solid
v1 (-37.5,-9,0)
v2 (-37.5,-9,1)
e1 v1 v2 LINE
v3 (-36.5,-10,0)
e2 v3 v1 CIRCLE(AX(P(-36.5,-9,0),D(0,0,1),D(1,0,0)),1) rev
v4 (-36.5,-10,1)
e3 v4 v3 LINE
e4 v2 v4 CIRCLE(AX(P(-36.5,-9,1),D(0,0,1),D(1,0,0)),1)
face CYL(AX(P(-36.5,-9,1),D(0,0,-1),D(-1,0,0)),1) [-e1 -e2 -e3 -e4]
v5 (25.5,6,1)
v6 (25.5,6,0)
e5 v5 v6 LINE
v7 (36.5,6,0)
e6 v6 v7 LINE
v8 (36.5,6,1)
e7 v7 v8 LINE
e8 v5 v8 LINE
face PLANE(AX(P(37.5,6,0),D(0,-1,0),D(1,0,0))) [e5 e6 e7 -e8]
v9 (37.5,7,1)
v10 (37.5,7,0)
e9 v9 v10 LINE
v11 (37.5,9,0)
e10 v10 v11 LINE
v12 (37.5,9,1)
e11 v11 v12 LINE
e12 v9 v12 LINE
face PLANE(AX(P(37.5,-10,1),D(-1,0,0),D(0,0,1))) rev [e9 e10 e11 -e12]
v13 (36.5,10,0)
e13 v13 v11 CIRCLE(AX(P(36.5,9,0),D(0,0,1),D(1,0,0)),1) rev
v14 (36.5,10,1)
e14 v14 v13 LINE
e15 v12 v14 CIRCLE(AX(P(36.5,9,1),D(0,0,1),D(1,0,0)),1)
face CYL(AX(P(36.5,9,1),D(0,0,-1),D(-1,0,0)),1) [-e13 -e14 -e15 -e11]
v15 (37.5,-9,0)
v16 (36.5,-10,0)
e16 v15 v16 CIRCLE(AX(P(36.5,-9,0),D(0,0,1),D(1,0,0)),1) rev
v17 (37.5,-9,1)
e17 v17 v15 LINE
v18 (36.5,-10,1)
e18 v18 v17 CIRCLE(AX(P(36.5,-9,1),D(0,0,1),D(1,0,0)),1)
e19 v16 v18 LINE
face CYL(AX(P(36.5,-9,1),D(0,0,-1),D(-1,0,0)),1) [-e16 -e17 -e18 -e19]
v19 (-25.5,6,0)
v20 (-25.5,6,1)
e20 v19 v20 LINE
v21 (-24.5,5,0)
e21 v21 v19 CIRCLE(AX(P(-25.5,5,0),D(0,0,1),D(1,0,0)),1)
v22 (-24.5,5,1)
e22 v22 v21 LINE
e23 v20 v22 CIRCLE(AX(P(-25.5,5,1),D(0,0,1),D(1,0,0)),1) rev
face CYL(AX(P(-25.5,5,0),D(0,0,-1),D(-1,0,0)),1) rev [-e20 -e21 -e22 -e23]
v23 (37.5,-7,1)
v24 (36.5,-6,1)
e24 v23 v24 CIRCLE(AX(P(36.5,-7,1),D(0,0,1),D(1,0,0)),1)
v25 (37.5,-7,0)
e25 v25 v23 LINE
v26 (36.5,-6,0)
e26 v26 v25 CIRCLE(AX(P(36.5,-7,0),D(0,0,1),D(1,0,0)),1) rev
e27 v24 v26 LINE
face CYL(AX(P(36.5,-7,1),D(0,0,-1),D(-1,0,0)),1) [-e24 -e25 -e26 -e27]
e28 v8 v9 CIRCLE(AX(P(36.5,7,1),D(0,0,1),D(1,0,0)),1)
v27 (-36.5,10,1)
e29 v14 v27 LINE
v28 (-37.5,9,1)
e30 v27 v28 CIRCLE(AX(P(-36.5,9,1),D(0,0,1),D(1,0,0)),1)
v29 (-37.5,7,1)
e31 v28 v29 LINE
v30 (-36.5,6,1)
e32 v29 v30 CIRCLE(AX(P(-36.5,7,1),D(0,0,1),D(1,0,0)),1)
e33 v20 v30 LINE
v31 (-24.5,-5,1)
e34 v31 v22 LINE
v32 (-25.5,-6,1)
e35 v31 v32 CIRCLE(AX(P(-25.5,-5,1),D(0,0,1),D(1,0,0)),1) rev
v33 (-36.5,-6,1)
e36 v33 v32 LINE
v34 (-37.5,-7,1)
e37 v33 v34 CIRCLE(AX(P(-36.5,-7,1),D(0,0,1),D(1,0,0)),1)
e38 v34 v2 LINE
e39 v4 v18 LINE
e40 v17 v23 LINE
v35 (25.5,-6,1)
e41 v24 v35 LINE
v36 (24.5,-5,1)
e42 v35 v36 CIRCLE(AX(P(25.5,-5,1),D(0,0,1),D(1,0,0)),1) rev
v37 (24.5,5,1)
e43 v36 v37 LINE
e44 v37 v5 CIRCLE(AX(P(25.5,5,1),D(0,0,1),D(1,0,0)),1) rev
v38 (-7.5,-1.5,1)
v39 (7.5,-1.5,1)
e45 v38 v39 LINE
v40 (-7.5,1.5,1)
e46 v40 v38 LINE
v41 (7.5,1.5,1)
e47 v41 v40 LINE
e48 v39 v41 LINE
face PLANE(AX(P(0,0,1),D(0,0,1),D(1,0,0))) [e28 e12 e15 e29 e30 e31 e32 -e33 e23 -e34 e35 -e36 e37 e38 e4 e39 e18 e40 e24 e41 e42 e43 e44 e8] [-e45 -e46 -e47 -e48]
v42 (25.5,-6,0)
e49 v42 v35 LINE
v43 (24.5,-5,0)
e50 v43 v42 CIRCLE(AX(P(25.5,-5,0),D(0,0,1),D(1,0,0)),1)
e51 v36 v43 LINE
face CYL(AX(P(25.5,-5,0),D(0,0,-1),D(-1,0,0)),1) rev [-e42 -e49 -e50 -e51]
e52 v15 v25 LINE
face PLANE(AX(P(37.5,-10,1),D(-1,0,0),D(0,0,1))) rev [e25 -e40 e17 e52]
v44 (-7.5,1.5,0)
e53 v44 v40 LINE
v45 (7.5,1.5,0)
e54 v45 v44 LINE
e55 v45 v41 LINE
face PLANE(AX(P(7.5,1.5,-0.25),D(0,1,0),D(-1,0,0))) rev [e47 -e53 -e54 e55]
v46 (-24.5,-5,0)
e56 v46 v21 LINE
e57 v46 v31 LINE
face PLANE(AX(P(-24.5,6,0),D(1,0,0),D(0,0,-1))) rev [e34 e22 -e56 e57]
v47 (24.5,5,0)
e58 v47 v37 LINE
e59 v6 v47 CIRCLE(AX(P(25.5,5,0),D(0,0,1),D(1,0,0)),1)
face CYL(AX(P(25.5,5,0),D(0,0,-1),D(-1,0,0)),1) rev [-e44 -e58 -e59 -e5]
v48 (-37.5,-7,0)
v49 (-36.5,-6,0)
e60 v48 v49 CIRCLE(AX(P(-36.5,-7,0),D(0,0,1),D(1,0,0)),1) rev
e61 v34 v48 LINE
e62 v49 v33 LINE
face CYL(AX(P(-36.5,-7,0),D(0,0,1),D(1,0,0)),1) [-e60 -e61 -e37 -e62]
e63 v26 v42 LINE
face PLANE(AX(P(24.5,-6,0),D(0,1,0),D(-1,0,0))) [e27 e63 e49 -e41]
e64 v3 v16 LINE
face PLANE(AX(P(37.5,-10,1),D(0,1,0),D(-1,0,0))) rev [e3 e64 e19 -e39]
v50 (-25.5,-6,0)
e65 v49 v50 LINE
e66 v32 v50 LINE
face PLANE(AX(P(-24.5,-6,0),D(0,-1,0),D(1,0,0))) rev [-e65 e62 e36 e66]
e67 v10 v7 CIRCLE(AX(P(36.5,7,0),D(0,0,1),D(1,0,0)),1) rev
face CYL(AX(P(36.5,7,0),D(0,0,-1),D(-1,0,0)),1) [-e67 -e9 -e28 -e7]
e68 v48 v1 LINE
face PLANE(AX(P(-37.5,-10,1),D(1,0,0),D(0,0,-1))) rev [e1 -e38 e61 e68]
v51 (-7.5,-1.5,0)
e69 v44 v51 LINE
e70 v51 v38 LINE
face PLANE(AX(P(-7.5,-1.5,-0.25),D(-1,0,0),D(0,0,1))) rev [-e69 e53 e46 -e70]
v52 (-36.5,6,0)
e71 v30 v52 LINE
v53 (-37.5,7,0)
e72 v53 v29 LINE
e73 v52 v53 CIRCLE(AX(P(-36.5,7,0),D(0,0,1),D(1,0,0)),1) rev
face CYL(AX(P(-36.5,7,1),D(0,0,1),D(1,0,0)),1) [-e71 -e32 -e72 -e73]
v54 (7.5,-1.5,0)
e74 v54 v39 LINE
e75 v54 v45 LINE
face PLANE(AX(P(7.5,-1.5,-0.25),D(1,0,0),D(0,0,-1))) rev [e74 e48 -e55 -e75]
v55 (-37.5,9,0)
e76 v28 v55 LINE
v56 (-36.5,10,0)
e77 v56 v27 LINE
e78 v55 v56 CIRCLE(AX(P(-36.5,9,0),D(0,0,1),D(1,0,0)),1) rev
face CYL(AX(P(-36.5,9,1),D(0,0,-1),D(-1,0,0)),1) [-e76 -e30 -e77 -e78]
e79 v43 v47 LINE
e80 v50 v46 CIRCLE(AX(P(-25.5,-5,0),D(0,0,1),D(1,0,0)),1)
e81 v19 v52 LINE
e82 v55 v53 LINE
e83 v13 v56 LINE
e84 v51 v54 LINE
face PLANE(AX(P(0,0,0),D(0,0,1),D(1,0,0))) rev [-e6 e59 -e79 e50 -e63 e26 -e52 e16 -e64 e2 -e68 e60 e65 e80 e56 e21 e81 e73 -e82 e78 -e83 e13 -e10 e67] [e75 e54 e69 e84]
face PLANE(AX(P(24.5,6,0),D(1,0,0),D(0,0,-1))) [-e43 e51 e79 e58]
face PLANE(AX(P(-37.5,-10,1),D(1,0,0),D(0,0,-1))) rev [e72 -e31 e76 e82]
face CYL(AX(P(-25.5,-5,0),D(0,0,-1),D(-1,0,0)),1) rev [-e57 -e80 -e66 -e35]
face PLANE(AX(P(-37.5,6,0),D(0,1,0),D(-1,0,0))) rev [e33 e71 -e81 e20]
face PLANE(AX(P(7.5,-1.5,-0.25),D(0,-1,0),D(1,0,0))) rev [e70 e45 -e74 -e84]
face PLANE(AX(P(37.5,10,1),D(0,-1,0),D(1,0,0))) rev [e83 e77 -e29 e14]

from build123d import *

# Parameters (mm, degrees)
SKETCH1_W           = 75
SKETCH1_H           = 20
BOSS_EXTRUDE1_DEPTH = 1
CUT_EXTRUDE1_DEPTH  = 39.823317736
FILLET1_R           = 1
FILLET2_R           = 1
SKETCH3_W           = 15
SKETCH3_H           = 3
CUT_EXTRUDE2_DEPTH  = 1.25


with BuildPart() as part:
    # Sketch1 → Boss-Extrude1 (new body)
    with BuildSketch(Plane.XY):
        Rectangle(SKETCH1_W, SKETCH1_H)
    extrude(amount=BOSS_EXTRUDE1_DEPTH)

    # Sketch2 → Cut-Extrude1 (cut, through all)
    with BuildSketch(Plane.XY.offset(1)):
        with BuildLine():
            Line((-37.5, 6), (-24.5, 6))
            Line((-24.5, 6), (-24.5, -6))
            Line((-24.5, -6), (-37.5, -6))
            ThreePointArc((-37.5, -6), (-43.5, 0), (-37.5, 6))
        make_face()
    cut_extrude1 = extrude(amount=-CUT_EXTRUDE1_DEPTH, mode=Mode.SUBTRACT)

    # Fillet1
    fillet1_edges = [part.edges().sort_by_distance(p)[0] for p in [
        (-37.5, -6, 0.5),
        (-37.5, 6, 0.5),
        (-24.5, 6, 0.5),
        (-24.5, -6, 0.5),
        (-37.5, 10, 0.5),
        (-37.5, -10, 0.5),
    ]]
    fillet(fillet1_edges, radius=FILLET1_R)

    # Mirror1: Cut-Extrude1 across plane
    add(cut_extrude1.mirror(Plane(origin=(0, 0, 0), x_dir=(0, 0, 1), z_dir=(1, 0, 0))), mode=Mode.SUBTRACT)

    # Fillet2
    fillet2_edges = [part.edges().sort_by_distance(p)[0] for p in [
        (37.5, 6, 0.5),
        (37.5, -6, 0.5),
        (24.5, -6, 0.5),
        (24.5, 6, 0.5),
        (37.5, 10, 0.5),
        (37.5, -10, 0.5),
    ]]
    fillet(fillet2_edges, radius=FILLET2_R)

    # Sketch3 → Cut-Extrude2 (cut)
    with BuildSketch(Plane.XY.offset(1)):
        Rectangle(SKETCH3_W, SKETCH3_H)
    extrude(amount=-CUT_EXTRUDE2_DEPTH, mode=Mode.SUBTRACT)


solid = part.part
